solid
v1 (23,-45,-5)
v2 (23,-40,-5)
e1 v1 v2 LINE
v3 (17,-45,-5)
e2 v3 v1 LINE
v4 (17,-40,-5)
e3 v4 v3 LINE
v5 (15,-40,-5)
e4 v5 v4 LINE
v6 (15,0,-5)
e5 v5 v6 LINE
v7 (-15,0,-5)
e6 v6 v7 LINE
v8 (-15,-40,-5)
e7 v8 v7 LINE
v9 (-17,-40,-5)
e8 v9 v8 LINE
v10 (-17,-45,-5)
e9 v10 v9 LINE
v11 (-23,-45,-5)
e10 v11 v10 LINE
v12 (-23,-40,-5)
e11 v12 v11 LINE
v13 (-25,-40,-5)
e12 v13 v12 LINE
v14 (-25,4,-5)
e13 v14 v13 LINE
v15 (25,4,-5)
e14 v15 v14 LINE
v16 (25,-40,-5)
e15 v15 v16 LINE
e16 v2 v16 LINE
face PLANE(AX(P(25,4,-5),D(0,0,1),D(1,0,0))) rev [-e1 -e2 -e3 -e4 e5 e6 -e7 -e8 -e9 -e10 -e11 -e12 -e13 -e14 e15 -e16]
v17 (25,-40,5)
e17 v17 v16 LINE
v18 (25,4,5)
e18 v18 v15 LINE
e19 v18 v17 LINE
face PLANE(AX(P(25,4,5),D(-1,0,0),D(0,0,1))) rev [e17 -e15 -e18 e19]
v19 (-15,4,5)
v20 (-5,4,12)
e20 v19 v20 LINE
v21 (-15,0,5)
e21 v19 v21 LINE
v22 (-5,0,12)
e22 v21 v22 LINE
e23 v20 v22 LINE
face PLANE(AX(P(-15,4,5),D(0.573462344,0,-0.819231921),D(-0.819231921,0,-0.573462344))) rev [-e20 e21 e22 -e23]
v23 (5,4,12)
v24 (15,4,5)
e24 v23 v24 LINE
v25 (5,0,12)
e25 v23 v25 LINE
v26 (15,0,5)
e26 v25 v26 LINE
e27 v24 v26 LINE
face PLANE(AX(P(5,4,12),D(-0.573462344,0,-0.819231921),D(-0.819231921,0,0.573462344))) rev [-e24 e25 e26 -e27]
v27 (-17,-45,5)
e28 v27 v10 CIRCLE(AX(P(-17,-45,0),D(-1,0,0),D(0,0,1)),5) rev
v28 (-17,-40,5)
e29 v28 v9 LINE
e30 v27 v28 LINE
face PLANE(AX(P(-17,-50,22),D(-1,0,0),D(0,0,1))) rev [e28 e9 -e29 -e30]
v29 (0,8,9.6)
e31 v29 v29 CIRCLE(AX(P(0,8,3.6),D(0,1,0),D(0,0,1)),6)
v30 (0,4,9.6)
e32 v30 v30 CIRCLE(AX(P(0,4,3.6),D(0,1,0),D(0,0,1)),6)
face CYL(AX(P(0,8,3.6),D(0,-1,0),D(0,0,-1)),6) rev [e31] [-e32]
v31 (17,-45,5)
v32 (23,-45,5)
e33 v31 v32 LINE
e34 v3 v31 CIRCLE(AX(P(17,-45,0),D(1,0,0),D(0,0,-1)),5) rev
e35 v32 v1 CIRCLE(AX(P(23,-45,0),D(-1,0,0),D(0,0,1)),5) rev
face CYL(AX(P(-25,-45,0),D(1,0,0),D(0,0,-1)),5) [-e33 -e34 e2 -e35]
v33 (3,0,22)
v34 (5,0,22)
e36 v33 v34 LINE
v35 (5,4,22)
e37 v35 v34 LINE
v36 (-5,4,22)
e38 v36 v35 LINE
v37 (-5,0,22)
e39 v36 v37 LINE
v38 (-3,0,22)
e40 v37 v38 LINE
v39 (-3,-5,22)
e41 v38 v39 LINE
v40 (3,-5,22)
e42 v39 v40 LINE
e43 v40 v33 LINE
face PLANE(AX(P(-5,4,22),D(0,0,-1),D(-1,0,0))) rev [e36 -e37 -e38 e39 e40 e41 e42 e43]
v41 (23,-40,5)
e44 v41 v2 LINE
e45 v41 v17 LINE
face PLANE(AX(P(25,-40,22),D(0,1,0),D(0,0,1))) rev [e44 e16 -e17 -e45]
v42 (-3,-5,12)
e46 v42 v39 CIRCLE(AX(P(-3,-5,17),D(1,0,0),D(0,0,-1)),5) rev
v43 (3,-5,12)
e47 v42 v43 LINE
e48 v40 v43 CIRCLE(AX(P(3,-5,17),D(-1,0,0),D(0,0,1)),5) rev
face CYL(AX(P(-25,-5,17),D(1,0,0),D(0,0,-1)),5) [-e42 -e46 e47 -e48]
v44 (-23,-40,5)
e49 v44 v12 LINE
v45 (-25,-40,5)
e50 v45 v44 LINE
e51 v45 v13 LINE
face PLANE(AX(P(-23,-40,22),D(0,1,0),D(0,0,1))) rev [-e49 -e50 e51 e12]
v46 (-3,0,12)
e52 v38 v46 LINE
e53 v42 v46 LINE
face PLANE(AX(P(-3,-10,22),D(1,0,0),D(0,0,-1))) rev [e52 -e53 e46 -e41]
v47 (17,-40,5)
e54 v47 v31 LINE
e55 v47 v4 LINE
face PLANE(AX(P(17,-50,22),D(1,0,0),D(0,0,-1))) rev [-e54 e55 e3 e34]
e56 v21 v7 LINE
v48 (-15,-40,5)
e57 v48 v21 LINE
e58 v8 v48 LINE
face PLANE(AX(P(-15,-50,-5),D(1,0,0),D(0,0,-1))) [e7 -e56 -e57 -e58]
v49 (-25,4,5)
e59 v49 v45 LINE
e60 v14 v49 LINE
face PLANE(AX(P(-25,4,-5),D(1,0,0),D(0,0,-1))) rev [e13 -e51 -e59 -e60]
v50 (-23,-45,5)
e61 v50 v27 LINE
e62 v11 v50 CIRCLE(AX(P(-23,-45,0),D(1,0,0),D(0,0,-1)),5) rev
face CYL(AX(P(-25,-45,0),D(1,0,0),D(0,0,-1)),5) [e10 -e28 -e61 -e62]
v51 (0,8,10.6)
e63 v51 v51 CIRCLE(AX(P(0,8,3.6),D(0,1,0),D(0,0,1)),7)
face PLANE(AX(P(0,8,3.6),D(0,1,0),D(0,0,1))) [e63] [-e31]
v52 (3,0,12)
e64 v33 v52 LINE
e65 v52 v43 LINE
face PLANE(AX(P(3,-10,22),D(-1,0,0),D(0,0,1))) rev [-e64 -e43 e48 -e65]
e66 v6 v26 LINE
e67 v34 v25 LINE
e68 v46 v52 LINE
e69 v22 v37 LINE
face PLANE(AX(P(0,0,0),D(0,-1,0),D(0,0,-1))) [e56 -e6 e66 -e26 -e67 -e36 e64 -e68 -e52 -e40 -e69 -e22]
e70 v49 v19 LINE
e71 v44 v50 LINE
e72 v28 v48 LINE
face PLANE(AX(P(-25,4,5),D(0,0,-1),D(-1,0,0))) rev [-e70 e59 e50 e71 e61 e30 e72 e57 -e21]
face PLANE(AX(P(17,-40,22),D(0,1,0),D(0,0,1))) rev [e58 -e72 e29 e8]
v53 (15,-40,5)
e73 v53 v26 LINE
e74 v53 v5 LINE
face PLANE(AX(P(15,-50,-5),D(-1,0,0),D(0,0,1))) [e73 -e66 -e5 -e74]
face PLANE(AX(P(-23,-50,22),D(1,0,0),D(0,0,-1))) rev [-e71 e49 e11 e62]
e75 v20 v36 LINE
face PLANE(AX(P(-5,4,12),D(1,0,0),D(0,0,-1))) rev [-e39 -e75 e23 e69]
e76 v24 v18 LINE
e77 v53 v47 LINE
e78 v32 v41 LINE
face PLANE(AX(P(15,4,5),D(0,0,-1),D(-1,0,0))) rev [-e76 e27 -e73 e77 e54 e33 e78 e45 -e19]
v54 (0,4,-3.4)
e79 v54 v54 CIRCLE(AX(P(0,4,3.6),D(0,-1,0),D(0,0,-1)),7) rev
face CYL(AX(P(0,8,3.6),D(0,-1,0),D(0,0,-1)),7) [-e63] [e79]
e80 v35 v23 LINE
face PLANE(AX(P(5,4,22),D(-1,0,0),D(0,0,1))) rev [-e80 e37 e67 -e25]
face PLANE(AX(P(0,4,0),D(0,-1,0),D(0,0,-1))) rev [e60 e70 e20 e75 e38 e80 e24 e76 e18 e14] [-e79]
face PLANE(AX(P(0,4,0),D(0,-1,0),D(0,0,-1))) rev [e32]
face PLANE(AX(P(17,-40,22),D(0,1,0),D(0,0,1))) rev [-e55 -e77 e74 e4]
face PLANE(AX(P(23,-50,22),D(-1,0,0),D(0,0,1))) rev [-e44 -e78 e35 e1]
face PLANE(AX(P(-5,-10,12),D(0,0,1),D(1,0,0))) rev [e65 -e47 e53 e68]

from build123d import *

# Parameters (mm, degrees)
EXTRUDE_1_DEPTH     = 4
SKETCH_1_W          = 10
SKETCH_1_H          = 10
EXTRUDE_2_DEPTH     = 50
SKETCH_6_W          = 10
SKETCH_6_H          = 10
EXTRUDE_4_DEPTH     = 10
SKETCH_7_W          = 2
SKETCH_7_H          = 10
SKETCH_7_W_2        = 4.928830328
SKETCH_7_W_3        = 5.69296793
SKETCH_7_W_4        = 34
CUT_EXTRUDE_3_DEPTH = 28
CUT_EXTRUDE_4_DEPTH = 51
SKETCH_9_R          = 7
SKETCH_9_R_2        = 6
EXTRUDE_5_DEPTH     = 4


with BuildPart() as part:
    # 草图2 → 凸台-拉伸1 (new body)
    with BuildSketch(Plane(origin=(0, 0, 0), x_dir=(1, 0, 0), z_dir=(0, 1, 0))):
        Polygon((-5, -22), (5, -22), (5, -12), (15, -5), (25, -5), (25, 5), (-25, 5), (-25, -5), (-15, -5), (-5, -12), align=None)
    extrude(amount=EXTRUDE_1_DEPTH)

    # 草图1 → 凸台-拉伸2 (add)
    with BuildSketch(Plane(origin=(0, 0, 0), x_dir=(1, 0, 0), z_dir=(0, 1, 0))):
        with Locations((-20, 0)):
            Rectangle(SKETCH_1_W, SKETCH_1_H)
        with Locations((20, 0)):
            Rectangle(SKETCH_1_W, SKETCH_1_H)
    extrude(amount=-EXTRUDE_2_DEPTH)

    # 草图6 → 凸台-拉伸4 (add)
    with BuildSketch(Plane.XZ):
        with Locations((0, 17)):
            Rectangle(SKETCH_6_W, SKETCH_6_H)
    extrude(amount=EXTRUDE_4_DEPTH)

    # 草图7 → 切除-拉伸3 (cut, through all)
    with BuildSketch(Plane(origin=(0, 0, -5), x_dir=(-1, 0, 0), z_dir=(0, 0, -1))):
        with Locations((-24, -45)):
            Rectangle(SKETCH_7_W, SKETCH_7_H)
        with Locations((24, -45)):
            Rectangle(SKETCH_7_W, SKETCH_7_H)
        with Locations((-5.464415164, -5)):
            Rectangle(SKETCH_7_W_2, SKETCH_7_H)
        with Locations((5.846483965, -5)):
            Rectangle(SKETCH_7_W_3, SKETCH_7_H)
        with Locations((0, -45)):
            Rectangle(SKETCH_7_W_4, SKETCH_7_H)
    extrude(amount=-CUT_EXTRUDE_3_DEPTH, mode=Mode.SUBTRACT)

    # 草图8 → 切除-拉伸4 (cut, through all)
    with BuildSketch(Plane(origin=(25, 0, 0), x_dir=(0, 0, -1), z_dir=(1, 0, 0))):
        with BuildLine():
            Line((-22, -5), (-22, -14.409566658))
            Line((-22, -14.409566658), (-12, -14.409566658))
            Line((-12, -14.409566658), (-12, -5))
            ThreePointArc((-12, -5), (-17, -10), (-22, -5))
        make_face()
        with BuildLine():
            Line((-5, -45), (-5, -53.480862615))
            Line((-5, -53.480862615), (5, -53.480862615))
            Line((5, -53.480862615), (5, -45))
            ThreePointArc((5, -45), (0, -50), (-5, -45))
        make_face()
    extrude(amount=-CUT_EXTRUDE_4_DEPTH, mode=Mode.SUBTRACT)

    # 草图9 → 凸台-拉伸5 (add)
    with BuildSketch(Plane(origin=(0, 4, 0), x_dir=(1, 0, 0), z_dir=(0, 1, 0))):
        with Locations((0, -3.6)):
            Circle(SKETCH_9_R)
        with Locations((0, -3.6)):
            Circle(SKETCH_9_R_2, mode=Mode.SUBTRACT)
    extrude(amount=EXTRUDE_5_DEPTH)


solid = part.part
